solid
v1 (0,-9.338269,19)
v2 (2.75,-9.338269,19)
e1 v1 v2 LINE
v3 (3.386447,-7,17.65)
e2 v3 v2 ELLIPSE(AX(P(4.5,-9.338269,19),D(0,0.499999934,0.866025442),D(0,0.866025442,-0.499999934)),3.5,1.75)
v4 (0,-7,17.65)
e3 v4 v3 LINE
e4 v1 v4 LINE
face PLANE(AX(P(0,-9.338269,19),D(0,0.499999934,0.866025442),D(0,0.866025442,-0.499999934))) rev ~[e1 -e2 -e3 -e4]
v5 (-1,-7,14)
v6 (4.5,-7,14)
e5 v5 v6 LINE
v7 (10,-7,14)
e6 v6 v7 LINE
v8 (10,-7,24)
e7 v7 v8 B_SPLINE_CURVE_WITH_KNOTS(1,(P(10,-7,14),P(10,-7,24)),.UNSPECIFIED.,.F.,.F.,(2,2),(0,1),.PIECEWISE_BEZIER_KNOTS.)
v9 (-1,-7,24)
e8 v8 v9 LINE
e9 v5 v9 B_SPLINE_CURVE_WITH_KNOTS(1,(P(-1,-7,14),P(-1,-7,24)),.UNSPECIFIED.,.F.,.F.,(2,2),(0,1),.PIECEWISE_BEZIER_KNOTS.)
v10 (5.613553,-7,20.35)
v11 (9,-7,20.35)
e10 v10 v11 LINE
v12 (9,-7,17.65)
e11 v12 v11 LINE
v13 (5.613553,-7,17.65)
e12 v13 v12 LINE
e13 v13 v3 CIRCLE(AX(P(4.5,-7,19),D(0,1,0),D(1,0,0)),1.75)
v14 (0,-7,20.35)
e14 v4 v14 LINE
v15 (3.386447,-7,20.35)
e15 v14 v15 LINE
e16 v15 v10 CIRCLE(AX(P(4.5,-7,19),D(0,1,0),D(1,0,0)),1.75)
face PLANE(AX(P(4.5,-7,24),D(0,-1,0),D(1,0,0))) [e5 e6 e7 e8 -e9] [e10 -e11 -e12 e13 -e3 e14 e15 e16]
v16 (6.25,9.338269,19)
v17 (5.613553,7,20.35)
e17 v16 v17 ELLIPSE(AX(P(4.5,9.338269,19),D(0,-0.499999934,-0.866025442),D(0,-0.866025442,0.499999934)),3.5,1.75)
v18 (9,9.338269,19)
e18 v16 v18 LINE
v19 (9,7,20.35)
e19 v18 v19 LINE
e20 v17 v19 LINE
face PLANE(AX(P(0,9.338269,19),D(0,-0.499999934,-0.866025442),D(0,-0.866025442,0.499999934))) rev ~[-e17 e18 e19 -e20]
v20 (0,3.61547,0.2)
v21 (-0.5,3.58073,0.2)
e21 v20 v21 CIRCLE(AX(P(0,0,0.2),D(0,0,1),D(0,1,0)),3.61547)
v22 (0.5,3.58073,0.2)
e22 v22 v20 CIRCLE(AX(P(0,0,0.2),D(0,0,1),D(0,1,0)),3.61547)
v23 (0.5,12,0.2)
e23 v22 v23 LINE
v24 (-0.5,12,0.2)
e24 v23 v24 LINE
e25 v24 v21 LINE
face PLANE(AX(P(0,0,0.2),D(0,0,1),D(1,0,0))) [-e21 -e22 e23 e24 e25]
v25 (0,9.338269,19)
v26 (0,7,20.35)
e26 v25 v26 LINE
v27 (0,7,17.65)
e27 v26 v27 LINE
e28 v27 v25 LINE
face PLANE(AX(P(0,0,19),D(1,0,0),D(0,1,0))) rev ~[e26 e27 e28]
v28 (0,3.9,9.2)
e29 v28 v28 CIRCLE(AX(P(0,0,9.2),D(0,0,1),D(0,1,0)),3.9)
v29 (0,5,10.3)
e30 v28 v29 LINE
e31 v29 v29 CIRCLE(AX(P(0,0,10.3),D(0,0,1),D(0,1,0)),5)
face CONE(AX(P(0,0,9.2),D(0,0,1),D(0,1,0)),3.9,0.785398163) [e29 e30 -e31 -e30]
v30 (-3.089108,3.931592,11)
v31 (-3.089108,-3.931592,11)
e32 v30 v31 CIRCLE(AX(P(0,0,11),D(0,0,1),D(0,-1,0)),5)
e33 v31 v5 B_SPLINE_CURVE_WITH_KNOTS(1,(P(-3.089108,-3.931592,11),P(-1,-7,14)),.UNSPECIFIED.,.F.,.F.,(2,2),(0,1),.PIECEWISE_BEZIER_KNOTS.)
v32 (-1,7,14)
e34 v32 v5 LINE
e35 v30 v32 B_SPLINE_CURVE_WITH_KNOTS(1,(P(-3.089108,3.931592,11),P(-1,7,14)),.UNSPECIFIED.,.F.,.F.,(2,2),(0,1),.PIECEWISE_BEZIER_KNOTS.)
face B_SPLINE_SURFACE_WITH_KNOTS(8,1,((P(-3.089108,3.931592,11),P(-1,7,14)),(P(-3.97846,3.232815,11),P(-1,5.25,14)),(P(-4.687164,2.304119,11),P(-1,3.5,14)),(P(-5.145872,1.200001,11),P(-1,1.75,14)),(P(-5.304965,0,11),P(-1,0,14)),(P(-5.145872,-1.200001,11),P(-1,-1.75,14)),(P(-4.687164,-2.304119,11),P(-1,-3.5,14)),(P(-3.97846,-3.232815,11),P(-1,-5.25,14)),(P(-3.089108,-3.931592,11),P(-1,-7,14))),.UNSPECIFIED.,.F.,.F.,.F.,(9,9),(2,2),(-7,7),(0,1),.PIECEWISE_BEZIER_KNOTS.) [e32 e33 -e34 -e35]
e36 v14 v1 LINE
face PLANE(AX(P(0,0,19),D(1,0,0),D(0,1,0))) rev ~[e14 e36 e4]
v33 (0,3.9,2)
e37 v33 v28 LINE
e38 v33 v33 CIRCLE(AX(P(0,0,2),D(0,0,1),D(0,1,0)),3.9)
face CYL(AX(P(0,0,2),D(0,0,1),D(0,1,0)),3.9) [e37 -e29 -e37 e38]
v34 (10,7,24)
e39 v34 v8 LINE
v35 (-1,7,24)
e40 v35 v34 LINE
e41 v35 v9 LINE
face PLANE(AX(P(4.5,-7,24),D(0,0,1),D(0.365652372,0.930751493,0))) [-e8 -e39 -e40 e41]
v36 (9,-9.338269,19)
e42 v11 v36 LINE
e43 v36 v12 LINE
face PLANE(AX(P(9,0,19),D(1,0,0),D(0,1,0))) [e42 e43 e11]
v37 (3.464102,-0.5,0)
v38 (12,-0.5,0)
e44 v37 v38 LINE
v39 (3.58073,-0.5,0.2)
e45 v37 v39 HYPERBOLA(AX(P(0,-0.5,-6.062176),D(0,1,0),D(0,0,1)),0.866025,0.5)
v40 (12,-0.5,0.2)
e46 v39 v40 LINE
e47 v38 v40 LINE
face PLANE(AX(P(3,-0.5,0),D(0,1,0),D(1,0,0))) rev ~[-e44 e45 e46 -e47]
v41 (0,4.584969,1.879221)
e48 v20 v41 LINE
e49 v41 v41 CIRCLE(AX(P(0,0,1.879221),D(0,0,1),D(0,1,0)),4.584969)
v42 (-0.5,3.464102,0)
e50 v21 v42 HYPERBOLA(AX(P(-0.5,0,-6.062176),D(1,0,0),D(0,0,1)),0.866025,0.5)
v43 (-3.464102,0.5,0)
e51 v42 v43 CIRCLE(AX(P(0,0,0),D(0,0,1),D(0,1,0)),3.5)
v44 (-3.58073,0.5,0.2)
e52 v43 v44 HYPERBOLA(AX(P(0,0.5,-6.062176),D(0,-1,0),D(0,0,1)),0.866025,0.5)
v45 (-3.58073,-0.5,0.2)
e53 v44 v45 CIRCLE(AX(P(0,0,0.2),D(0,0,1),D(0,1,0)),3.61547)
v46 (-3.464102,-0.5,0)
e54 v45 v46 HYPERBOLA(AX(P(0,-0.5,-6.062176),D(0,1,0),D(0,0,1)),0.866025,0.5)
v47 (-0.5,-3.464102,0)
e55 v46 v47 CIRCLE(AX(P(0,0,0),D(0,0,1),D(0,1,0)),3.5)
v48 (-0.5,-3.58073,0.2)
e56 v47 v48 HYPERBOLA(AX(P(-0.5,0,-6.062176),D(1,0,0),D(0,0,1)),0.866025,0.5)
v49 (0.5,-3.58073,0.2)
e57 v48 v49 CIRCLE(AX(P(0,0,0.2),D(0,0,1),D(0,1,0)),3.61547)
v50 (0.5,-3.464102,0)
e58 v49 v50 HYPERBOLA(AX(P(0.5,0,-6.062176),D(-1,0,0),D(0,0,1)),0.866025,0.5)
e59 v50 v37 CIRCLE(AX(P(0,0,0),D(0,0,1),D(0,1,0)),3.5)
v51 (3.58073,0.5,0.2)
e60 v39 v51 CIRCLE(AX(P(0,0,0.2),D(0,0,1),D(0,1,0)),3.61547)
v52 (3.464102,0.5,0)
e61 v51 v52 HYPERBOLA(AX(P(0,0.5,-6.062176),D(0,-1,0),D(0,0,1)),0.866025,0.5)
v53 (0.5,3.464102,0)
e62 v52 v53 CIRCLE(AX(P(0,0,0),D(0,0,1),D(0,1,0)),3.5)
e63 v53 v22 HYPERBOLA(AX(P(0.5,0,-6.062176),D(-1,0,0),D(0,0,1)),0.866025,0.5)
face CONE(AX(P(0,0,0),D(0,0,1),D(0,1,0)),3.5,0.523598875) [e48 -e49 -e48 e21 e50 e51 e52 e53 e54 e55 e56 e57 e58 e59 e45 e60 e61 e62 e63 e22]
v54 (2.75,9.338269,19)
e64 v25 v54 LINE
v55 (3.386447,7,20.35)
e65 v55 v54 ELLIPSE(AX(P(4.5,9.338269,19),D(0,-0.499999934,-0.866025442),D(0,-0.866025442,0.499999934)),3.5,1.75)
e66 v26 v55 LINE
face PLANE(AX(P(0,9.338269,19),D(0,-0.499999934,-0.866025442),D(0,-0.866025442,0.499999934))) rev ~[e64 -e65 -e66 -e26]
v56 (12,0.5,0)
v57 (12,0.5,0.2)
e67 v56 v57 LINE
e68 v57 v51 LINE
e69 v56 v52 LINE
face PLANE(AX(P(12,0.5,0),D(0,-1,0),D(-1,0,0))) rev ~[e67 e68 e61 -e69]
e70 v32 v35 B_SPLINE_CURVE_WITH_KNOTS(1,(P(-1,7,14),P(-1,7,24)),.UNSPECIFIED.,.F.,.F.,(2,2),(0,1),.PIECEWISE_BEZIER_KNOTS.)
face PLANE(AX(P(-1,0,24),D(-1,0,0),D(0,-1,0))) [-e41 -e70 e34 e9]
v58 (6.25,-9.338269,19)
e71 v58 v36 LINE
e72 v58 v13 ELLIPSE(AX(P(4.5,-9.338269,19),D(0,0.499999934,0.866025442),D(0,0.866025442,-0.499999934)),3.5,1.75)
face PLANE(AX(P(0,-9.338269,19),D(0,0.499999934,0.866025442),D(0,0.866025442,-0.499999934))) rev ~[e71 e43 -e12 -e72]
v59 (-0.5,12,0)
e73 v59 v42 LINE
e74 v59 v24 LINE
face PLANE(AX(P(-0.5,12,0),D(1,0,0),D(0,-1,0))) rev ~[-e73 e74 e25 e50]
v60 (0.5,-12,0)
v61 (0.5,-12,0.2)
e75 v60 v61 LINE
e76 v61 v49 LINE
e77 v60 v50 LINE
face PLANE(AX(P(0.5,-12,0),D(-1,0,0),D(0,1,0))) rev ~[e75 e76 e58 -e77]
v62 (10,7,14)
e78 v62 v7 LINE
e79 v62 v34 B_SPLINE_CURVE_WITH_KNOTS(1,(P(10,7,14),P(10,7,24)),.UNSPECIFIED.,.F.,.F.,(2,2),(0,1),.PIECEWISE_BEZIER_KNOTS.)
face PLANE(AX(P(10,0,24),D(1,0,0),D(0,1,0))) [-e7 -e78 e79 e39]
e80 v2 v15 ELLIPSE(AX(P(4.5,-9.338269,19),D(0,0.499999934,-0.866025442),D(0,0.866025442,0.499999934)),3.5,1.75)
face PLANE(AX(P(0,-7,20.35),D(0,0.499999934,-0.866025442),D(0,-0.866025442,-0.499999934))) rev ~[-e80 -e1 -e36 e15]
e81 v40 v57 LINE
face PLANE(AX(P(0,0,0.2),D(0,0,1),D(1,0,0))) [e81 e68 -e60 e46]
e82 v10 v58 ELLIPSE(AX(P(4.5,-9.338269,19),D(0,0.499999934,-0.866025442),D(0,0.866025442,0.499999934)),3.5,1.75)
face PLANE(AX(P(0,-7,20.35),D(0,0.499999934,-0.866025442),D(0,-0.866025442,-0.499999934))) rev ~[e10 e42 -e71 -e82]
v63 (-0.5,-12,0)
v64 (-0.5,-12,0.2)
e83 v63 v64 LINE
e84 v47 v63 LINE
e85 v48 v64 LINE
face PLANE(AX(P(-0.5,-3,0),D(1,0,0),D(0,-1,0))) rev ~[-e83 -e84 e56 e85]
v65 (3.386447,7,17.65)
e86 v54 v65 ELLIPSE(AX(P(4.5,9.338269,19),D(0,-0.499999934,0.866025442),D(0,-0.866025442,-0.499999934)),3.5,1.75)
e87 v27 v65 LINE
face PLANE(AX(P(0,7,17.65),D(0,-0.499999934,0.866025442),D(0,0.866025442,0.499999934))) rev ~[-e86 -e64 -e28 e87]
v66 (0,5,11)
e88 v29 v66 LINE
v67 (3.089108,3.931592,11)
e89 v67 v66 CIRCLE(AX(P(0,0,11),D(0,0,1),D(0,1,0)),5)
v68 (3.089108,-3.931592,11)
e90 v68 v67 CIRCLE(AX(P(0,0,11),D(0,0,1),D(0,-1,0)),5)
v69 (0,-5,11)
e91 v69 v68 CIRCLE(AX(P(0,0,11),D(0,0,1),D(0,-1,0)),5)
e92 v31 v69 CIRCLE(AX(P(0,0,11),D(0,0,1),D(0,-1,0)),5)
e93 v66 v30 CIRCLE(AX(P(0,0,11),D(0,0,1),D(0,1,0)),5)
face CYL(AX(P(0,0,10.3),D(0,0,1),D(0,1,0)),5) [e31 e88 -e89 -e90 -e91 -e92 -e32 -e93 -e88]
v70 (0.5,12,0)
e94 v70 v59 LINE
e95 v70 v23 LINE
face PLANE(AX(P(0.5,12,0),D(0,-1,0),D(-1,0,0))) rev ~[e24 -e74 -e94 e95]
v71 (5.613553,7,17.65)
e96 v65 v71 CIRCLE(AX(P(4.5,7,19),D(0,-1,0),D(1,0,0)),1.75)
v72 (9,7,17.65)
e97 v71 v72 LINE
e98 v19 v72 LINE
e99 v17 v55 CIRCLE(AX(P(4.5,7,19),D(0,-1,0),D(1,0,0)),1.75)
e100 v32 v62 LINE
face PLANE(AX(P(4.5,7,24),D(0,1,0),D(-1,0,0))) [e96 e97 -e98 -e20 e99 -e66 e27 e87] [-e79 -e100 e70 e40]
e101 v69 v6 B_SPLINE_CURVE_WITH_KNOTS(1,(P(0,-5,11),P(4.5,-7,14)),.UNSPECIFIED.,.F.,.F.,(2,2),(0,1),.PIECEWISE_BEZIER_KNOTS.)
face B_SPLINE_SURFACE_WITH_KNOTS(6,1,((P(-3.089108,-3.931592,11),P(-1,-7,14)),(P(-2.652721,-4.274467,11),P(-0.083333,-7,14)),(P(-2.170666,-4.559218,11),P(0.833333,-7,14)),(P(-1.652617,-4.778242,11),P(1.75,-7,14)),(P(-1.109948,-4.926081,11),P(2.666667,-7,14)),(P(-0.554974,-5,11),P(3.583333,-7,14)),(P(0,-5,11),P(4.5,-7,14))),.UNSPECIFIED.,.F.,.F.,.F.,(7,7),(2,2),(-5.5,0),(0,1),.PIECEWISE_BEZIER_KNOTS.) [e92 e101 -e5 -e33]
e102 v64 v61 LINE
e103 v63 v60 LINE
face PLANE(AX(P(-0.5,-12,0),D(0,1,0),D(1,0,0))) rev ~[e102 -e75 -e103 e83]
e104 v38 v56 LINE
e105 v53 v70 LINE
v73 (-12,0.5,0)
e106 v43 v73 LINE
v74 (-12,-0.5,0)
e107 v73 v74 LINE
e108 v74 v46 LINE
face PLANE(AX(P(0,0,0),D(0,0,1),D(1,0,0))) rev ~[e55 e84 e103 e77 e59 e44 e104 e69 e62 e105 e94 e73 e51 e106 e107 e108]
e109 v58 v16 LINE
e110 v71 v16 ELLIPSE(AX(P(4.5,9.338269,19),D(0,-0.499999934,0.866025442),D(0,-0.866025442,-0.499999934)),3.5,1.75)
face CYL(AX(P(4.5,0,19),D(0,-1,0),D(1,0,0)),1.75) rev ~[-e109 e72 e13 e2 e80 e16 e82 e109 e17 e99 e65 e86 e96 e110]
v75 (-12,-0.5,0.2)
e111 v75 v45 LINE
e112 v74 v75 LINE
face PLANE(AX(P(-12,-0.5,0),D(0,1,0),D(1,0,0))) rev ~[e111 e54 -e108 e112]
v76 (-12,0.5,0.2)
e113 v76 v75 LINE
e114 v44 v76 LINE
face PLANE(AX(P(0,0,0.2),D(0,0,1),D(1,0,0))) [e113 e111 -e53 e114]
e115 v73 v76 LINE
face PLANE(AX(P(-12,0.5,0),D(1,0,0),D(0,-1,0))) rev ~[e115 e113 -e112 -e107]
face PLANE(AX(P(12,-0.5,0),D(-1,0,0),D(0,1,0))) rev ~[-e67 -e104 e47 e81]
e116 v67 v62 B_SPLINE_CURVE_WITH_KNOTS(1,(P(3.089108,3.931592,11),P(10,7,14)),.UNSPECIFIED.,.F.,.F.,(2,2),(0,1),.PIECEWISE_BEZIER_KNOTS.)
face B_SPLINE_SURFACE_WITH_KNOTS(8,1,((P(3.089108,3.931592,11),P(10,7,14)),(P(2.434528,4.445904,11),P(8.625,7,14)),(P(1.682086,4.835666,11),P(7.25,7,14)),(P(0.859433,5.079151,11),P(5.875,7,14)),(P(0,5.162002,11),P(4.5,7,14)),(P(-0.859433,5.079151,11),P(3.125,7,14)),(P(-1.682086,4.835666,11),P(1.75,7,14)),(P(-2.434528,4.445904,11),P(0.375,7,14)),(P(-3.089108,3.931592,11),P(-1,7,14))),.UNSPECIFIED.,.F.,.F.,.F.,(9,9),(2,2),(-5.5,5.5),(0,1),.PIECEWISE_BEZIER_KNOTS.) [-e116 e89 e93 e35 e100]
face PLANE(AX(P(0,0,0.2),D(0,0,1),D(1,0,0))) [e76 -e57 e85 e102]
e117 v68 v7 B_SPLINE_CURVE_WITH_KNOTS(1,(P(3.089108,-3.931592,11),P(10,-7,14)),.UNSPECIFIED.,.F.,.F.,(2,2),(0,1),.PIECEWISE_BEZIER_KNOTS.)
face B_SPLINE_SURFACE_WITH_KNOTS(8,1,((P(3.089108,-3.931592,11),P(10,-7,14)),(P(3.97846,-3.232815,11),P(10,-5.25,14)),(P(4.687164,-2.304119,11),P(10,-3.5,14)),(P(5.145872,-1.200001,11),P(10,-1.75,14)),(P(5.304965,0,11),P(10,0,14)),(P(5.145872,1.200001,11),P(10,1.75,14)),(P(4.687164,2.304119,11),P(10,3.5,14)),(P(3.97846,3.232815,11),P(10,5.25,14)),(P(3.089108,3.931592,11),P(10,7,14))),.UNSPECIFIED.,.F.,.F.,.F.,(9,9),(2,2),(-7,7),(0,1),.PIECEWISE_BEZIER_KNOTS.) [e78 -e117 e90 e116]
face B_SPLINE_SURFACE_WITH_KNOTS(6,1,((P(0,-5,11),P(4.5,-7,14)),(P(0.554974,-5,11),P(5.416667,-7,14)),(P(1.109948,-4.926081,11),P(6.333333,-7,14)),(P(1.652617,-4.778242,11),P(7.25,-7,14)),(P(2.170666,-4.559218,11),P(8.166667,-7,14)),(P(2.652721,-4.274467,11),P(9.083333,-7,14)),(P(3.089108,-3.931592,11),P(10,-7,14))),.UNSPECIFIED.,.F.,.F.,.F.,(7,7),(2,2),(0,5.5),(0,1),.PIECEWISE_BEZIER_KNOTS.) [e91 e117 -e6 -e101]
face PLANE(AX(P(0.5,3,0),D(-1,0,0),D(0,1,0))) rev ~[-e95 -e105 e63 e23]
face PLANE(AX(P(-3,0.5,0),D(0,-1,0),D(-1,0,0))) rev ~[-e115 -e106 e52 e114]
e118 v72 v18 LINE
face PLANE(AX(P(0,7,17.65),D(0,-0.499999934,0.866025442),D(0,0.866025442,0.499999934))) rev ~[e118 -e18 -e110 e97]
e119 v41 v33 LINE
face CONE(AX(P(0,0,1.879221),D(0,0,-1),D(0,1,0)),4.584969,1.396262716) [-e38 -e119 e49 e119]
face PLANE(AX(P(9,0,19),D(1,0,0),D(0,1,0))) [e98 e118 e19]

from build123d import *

# Parameters (mm, degrees)
SKETCH002_R       = 5
SKETCH003_W       = 14
SKETCH003_H       = 11
SKETCH004_W       = 14
SKETCH004_H       = 11
PAD_DEPTH         = 9
SKETCH006_R       = 1.75
POCKET_DEPTH      = 9.339269
POCKET_DEPTH_BACK = 9.339269
PAD001_DEPTH      = 0.2


with BuildPart() as part:
    # Sketch001 → Revolution001 (revolve)
    with BuildSketch(Plane.YZ):
        Polygon((0, 0), (3.5, 0), (4.584969, 1.879221), (3.9, 2), (3.9, 9.2), (5, 10.3), (5, 11), (0, 11), align=None)
    revolve(axis=Axis((0, 0, 0), (0, 0, 1)))

    # Sketch002 (on DatumPlane) → AdditiveLoft section 0
    with BuildSketch(Plane(origin=(0, 0, 11), x_dir=(0, -1, 0), z_dir=(0, 0, 1))):
        Circle(SKETCH002_R)
    # Sketch003 (on DatumPlane) → AdditiveLoft section 1
    with BuildSketch(Plane(origin=(0, 0, 14), x_dir=(0, -1, 0), z_dir=(0, 0, 1))):
        with Locations((0, 4.5)):
            Rectangle(SKETCH003_W, SKETCH003_H)
    # Sketch004 (on DatumPlane) → AdditiveLoft section 2
    with BuildSketch(Plane(origin=(0, 0, 24), x_dir=(0, -1, 0), z_dir=(0, 0, 1))):
        with Locations((0, 4.5)):
            Rectangle(SKETCH004_W, SKETCH004_H)
    loft(ruled=True)

    # Sketch005 → Pad (new body)
    with BuildSketch(Plane.YZ):
        Polygon((-7, 20.35), (-9.338269, 19), (-7, 17.65), (7, 17.65), (9.338269, 19), (7, 20.35), align=None)
    extrude(amount=PAD_DEPTH)

    # Sketch006 → Pocket (cut, two sides)
    with BuildSketch(Plane.XZ) as pocket_sk:
        with Locations((4.5, 19)):
            Circle(SKETCH006_R)
    extrude(amount=-POCKET_DEPTH, mode=Mode.SUBTRACT)
    extrude(pocket_sk.sketch, amount=POCKET_DEPTH_BACK, mode=Mode.SUBTRACT)

    # Sketch007 → Pad001 (join)
    with BuildSketch(Plane.XY):
        Polygon((12, 0.5), (3, 0.5), (0.5, 3), (0.5, 12), (-0.5, 12), (-0.5, 3), (-3, 0.5), (-12, 0.5), (-12, -0.5), (-3, -0.5), (-0.5, -3), (-0.5, -12), (0.5, -12), (0.5, -3), (3, -0.5), (12, -0.5), align=None)
    extrude(amount=PAD001_DEPTH)


solid = part.part
